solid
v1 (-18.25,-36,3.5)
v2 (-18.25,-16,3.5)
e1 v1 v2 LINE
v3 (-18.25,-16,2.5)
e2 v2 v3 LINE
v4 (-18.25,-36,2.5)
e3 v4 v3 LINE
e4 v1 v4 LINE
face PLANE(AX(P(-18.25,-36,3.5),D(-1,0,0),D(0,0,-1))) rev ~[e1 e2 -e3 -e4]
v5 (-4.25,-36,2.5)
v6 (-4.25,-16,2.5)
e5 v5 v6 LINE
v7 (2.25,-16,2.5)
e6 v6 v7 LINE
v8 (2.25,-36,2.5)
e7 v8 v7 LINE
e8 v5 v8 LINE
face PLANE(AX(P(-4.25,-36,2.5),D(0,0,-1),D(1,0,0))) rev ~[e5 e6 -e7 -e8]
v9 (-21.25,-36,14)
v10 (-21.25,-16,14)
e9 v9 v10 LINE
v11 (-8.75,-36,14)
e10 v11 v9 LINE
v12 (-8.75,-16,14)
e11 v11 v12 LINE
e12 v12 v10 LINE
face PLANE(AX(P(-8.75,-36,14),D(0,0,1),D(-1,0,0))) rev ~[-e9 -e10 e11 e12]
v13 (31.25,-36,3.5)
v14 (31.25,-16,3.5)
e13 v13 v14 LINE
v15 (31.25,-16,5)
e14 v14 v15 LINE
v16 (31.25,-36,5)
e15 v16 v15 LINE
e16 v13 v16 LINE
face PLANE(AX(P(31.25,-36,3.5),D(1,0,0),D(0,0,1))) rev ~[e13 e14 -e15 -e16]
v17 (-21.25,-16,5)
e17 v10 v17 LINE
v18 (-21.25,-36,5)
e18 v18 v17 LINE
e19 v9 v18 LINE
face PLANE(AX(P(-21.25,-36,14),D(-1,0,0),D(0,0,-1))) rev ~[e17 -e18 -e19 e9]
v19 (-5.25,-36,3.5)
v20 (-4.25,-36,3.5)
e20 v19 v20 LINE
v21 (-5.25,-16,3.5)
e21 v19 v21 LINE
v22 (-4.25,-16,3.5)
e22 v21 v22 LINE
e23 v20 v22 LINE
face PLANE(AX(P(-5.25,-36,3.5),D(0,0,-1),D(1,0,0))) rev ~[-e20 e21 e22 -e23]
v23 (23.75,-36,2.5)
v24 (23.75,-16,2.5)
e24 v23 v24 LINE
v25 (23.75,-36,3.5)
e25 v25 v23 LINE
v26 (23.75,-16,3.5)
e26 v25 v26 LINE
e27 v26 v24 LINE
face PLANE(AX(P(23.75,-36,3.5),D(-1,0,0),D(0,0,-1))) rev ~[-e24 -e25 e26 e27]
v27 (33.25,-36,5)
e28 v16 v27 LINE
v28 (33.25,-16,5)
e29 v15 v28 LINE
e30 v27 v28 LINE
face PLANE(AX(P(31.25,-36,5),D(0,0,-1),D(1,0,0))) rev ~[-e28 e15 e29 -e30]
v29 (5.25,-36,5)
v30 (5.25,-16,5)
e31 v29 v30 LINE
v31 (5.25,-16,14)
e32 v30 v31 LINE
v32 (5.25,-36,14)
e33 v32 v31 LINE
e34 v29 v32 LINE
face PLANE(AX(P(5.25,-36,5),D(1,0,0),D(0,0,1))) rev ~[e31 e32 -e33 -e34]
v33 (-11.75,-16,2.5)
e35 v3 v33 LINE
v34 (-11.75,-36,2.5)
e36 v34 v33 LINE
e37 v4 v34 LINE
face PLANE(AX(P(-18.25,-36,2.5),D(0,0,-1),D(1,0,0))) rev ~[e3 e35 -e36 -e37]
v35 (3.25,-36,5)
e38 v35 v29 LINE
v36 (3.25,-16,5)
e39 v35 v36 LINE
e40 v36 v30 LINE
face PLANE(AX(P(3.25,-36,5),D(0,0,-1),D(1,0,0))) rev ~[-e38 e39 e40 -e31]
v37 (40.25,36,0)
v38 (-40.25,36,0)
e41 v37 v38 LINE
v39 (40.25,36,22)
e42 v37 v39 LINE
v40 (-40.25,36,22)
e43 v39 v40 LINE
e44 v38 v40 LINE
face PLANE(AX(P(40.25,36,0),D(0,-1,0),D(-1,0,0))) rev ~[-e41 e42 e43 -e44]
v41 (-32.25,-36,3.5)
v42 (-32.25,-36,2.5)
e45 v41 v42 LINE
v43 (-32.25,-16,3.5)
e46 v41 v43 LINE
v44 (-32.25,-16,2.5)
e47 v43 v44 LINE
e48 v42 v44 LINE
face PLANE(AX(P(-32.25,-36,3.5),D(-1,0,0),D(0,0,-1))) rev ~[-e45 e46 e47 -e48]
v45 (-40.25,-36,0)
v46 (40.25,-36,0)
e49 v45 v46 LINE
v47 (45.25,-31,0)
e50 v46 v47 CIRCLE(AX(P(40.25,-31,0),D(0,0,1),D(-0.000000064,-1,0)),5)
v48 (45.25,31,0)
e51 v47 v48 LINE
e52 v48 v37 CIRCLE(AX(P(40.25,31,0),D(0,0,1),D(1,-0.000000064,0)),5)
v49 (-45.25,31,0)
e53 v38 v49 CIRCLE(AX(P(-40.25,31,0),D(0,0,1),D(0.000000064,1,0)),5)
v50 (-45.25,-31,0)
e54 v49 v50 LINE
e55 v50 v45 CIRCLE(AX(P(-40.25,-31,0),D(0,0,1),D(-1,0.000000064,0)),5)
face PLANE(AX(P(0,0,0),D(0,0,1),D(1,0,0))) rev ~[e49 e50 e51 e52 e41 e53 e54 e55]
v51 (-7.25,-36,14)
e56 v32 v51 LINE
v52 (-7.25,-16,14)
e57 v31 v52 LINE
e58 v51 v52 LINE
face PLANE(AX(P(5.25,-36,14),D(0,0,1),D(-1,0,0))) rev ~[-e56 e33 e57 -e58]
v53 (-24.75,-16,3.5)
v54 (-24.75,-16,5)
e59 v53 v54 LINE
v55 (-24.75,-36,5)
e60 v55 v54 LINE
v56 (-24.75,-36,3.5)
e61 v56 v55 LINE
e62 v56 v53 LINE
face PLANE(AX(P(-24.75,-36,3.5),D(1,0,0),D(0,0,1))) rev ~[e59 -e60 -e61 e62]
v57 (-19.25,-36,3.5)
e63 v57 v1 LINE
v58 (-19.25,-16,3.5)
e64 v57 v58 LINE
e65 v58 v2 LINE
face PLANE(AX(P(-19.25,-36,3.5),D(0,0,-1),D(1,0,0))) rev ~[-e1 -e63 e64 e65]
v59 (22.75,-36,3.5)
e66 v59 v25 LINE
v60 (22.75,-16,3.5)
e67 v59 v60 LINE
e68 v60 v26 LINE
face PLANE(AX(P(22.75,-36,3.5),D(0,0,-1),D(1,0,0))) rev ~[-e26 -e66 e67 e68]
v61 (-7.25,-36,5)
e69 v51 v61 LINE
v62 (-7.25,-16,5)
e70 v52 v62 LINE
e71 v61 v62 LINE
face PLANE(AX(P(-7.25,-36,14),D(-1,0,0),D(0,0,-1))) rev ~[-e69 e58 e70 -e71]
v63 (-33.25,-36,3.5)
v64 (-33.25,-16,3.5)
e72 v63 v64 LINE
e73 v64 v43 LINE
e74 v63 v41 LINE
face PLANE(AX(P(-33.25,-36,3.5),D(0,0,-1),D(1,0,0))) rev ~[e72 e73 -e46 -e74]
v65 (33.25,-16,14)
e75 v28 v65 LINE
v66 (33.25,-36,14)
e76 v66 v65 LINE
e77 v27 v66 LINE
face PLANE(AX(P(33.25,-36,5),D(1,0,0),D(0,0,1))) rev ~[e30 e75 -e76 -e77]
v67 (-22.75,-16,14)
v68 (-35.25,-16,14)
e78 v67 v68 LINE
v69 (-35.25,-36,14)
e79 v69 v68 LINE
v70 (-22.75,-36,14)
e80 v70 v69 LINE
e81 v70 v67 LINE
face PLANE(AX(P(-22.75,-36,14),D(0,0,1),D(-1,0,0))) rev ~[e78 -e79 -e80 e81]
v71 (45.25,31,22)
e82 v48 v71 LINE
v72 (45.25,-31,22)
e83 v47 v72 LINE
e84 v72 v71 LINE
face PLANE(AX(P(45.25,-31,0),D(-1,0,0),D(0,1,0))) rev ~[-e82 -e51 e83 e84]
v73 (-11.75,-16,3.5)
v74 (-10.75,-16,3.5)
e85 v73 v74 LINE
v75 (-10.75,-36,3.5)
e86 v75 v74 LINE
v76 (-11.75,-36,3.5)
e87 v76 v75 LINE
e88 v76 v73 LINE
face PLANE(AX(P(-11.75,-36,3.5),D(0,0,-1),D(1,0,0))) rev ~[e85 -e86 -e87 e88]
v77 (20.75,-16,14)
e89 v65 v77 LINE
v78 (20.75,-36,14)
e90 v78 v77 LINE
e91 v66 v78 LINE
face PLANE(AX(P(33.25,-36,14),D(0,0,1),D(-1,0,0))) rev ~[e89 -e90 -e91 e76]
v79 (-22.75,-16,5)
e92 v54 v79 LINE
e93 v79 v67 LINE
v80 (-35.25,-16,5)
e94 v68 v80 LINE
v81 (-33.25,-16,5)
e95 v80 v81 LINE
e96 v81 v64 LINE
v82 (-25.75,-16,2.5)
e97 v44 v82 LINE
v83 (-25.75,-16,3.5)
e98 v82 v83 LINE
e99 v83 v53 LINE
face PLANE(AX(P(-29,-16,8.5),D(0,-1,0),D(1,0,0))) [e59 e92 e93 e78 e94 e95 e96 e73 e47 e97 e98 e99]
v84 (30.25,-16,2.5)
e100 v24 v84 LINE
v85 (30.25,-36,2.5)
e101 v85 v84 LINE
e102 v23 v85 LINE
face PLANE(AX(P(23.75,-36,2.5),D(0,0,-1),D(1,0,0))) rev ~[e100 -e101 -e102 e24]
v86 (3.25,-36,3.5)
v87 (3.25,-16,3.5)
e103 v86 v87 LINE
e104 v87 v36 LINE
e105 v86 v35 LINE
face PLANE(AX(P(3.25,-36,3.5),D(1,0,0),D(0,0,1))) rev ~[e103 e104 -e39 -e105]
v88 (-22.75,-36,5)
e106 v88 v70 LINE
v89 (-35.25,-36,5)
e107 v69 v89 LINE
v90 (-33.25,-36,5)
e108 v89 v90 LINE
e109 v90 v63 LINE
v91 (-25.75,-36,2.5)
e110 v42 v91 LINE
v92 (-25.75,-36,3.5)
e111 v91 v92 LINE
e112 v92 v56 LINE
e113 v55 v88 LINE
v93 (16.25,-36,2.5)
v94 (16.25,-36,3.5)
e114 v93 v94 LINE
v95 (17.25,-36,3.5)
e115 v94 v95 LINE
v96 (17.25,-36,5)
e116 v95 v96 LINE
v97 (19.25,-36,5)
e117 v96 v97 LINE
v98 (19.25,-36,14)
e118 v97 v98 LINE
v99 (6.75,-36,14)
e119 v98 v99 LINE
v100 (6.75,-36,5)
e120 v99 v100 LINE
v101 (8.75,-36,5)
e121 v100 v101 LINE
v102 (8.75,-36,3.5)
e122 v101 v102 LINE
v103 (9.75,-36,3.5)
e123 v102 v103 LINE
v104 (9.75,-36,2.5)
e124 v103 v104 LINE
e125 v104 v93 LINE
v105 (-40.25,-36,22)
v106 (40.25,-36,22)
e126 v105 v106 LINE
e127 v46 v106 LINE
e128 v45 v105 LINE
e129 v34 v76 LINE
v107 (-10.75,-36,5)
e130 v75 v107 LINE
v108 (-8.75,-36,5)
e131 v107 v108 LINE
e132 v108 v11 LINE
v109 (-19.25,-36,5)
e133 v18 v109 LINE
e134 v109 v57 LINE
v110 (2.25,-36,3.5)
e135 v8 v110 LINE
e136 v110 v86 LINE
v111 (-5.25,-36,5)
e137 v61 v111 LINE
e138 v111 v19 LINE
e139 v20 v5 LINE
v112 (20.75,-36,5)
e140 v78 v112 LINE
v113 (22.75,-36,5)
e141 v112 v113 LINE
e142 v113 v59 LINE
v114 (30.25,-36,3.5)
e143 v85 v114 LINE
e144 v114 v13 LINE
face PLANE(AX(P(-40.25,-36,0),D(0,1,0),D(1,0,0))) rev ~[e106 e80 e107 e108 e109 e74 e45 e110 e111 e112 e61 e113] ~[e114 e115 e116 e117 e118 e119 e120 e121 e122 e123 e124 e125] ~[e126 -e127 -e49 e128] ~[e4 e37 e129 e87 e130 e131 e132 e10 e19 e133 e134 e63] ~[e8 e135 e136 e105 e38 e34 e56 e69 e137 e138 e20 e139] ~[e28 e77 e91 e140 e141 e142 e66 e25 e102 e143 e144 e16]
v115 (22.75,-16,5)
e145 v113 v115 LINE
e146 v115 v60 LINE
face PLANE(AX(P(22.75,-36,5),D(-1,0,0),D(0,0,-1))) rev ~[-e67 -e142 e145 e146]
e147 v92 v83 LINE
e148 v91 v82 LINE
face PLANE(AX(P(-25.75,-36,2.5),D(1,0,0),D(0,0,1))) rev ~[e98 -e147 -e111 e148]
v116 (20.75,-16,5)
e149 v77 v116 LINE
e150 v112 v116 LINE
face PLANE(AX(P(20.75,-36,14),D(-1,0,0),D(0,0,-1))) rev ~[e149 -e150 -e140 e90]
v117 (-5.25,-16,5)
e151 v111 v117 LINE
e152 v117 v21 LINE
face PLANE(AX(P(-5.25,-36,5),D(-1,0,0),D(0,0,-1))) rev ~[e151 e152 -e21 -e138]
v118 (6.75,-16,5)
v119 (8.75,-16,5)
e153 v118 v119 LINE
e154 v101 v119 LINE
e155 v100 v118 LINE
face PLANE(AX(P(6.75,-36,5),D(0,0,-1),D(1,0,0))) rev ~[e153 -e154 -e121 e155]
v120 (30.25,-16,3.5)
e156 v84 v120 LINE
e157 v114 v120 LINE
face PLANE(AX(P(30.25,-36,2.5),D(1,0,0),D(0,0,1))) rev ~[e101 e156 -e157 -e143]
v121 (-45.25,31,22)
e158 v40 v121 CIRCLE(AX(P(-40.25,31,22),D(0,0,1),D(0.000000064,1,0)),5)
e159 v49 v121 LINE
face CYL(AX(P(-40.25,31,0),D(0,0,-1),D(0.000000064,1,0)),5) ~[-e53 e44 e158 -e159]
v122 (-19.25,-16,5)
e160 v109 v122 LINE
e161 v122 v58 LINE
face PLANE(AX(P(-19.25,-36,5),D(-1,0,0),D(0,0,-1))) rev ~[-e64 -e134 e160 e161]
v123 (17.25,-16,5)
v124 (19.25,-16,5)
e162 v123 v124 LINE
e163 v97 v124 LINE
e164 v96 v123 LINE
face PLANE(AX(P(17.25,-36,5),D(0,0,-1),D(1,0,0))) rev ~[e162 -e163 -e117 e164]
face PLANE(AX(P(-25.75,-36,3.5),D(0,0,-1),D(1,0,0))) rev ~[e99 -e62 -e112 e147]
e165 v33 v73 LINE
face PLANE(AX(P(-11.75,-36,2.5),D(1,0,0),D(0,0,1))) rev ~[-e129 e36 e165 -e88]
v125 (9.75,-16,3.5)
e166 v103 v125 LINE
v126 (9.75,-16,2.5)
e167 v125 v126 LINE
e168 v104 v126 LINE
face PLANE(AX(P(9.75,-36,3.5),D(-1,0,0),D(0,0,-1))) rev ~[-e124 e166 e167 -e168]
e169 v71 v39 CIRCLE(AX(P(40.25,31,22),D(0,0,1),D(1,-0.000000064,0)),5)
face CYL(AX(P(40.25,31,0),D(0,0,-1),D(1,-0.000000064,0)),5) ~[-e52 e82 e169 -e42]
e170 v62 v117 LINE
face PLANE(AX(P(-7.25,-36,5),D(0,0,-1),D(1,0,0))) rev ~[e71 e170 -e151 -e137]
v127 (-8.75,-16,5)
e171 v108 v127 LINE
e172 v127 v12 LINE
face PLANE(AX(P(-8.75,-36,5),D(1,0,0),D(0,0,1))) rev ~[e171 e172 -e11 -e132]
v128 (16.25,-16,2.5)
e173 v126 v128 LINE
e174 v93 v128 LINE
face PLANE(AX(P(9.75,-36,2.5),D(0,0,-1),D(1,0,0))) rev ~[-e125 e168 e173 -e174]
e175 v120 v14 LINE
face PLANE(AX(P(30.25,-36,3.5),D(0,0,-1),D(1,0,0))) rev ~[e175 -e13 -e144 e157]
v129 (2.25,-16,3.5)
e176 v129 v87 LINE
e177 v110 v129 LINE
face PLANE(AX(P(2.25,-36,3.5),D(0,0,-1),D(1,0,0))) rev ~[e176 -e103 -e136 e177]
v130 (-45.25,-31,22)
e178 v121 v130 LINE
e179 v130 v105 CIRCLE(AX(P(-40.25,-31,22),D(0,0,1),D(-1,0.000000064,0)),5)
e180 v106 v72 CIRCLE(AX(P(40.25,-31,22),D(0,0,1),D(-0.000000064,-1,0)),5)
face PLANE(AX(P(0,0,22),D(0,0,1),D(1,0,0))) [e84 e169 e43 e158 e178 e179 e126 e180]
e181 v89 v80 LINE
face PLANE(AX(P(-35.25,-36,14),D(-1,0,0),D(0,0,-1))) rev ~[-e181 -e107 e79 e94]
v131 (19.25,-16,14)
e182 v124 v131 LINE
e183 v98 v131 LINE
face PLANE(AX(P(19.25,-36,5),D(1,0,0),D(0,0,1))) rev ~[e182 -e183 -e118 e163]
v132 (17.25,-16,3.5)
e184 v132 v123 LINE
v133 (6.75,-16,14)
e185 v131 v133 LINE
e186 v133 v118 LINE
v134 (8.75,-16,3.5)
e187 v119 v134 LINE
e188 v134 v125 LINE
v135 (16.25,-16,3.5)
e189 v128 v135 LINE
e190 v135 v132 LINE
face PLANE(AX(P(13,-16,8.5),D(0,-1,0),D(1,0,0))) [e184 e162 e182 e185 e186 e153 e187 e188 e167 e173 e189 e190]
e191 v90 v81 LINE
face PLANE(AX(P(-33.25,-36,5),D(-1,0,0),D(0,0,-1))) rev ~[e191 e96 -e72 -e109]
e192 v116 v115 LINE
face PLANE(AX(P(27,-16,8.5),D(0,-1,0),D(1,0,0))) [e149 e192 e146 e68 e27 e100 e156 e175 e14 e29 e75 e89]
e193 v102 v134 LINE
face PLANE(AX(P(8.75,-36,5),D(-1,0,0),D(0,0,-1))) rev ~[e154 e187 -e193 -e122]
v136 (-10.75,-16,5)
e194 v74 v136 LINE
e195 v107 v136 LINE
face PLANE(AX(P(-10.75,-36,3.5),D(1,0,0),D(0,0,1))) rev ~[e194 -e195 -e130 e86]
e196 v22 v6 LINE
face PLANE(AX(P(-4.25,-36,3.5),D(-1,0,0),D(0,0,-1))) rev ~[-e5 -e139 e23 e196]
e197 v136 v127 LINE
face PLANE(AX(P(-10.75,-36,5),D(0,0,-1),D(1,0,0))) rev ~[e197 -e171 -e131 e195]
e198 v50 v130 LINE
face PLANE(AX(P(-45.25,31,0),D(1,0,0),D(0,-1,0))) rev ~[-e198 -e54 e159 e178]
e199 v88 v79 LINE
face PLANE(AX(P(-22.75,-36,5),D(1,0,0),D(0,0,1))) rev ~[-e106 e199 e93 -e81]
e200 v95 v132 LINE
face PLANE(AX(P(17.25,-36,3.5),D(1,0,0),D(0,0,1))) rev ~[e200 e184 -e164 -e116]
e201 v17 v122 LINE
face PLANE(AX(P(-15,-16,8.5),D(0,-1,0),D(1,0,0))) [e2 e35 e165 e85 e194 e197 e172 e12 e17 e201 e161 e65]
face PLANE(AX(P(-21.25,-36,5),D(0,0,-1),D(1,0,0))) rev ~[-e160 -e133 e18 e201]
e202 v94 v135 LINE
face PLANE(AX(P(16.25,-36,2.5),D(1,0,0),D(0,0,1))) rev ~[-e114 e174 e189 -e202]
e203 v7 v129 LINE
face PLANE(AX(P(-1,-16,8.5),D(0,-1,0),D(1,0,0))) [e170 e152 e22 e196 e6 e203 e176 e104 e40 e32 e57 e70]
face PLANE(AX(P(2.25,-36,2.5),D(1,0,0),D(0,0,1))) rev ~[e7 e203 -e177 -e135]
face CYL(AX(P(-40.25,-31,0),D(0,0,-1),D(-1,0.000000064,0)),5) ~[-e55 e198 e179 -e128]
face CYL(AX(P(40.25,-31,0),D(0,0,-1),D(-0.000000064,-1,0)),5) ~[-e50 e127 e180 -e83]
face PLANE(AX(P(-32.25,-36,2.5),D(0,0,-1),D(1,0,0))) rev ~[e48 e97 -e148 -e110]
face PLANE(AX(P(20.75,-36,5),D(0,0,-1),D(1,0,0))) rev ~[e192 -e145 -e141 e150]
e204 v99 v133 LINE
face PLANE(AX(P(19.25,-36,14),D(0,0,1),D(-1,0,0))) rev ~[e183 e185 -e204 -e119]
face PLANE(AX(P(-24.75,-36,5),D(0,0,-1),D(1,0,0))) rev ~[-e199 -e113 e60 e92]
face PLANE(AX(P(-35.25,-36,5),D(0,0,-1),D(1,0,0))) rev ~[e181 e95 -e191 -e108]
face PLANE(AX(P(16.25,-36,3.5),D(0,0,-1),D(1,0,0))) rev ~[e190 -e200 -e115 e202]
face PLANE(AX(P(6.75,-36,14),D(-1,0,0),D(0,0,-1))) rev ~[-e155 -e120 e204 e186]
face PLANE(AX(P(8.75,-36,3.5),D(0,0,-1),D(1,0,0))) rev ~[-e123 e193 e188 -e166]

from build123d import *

# Parameters (mm, degrees)
F1_DEPTH = 22
F3_DEPTH = 20


with BuildPart() as f1:
    # F0 (on Top) → F1 (new body)
    with BuildSketch(Plane.XY):
        with BuildLine():
            Line((-40.25, -36), (40.25, -36))
            ThreePointArc((40.25, -36), (43.785534, -34.535534), (45.25, -31))
            Line((45.25, -31), (45.25, 31))
            ThreePointArc((45.25, 31), (43.785534, 34.535534), (40.25, 36))
            Line((40.25, 36), (-40.25, 36))
            ThreePointArc((-40.25, 36), (-43.785534, 34.535534), (-45.25, 31))
            Line((-45.25, 31), (-45.25, -31))
            ThreePointArc((-45.25, -31), (-43.785534, -34.535534), (-40.25, -36))
        make_face()
    extrude(amount=F1_DEPTH)

    # F2 (on face) → F3 (cut)
    with BuildSketch(Plane.XZ.offset(36)):
        Polygon((-22.75, 14), (-35.25, 14), (-35.25, 5), (-33.25, 5), (-33.25, 3.5), (-32.25, 3.5), (-32.25, 2.5), (-25.75, 2.5), (-25.75, 3.5), (-24.75, 3.5), (-24.75, 5), (-22.75, 5), align=None)
        Polygon((-8.75, 14), (-21.25, 14), (-21.25, 5), (-19.25, 5), (-19.25, 3.5), (-18.25, 3.5), (-18.25, 2.5), (-11.75, 2.5), (-11.75, 3.5), (-10.75, 3.5), (-10.75, 5), (-8.75, 5), align=None)
        Polygon((5.25, 14), (-7.25, 14), (-7.25, 5), (-5.25, 5), (-5.25, 3.5), (-4.25, 3.5), (-4.25, 2.5), (2.25, 2.5), (2.25, 3.5), (3.25, 3.5), (3.25, 5), (5.25, 5), align=None)
        Polygon((19.25, 14), (6.75, 14), (6.75, 5), (8.75, 5), (8.75, 3.5), (9.75, 3.5), (9.75, 2.5), (16.25, 2.5), (16.25, 3.5), (17.25, 3.5), (17.25, 5), (19.25, 5), align=None)
        Polygon((33.25, 14), (20.75, 14), (20.75, 5), (22.75, 5), (22.75, 3.5), (23.75, 3.5), (23.75, 2.5), (30.25, 2.5), (30.25, 3.5), (31.25, 3.5), (31.25, 5), (33.25, 5), align=None)
    extrude(amount=-F3_DEPTH, mode=Mode.SUBTRACT)


solid = f1.part
